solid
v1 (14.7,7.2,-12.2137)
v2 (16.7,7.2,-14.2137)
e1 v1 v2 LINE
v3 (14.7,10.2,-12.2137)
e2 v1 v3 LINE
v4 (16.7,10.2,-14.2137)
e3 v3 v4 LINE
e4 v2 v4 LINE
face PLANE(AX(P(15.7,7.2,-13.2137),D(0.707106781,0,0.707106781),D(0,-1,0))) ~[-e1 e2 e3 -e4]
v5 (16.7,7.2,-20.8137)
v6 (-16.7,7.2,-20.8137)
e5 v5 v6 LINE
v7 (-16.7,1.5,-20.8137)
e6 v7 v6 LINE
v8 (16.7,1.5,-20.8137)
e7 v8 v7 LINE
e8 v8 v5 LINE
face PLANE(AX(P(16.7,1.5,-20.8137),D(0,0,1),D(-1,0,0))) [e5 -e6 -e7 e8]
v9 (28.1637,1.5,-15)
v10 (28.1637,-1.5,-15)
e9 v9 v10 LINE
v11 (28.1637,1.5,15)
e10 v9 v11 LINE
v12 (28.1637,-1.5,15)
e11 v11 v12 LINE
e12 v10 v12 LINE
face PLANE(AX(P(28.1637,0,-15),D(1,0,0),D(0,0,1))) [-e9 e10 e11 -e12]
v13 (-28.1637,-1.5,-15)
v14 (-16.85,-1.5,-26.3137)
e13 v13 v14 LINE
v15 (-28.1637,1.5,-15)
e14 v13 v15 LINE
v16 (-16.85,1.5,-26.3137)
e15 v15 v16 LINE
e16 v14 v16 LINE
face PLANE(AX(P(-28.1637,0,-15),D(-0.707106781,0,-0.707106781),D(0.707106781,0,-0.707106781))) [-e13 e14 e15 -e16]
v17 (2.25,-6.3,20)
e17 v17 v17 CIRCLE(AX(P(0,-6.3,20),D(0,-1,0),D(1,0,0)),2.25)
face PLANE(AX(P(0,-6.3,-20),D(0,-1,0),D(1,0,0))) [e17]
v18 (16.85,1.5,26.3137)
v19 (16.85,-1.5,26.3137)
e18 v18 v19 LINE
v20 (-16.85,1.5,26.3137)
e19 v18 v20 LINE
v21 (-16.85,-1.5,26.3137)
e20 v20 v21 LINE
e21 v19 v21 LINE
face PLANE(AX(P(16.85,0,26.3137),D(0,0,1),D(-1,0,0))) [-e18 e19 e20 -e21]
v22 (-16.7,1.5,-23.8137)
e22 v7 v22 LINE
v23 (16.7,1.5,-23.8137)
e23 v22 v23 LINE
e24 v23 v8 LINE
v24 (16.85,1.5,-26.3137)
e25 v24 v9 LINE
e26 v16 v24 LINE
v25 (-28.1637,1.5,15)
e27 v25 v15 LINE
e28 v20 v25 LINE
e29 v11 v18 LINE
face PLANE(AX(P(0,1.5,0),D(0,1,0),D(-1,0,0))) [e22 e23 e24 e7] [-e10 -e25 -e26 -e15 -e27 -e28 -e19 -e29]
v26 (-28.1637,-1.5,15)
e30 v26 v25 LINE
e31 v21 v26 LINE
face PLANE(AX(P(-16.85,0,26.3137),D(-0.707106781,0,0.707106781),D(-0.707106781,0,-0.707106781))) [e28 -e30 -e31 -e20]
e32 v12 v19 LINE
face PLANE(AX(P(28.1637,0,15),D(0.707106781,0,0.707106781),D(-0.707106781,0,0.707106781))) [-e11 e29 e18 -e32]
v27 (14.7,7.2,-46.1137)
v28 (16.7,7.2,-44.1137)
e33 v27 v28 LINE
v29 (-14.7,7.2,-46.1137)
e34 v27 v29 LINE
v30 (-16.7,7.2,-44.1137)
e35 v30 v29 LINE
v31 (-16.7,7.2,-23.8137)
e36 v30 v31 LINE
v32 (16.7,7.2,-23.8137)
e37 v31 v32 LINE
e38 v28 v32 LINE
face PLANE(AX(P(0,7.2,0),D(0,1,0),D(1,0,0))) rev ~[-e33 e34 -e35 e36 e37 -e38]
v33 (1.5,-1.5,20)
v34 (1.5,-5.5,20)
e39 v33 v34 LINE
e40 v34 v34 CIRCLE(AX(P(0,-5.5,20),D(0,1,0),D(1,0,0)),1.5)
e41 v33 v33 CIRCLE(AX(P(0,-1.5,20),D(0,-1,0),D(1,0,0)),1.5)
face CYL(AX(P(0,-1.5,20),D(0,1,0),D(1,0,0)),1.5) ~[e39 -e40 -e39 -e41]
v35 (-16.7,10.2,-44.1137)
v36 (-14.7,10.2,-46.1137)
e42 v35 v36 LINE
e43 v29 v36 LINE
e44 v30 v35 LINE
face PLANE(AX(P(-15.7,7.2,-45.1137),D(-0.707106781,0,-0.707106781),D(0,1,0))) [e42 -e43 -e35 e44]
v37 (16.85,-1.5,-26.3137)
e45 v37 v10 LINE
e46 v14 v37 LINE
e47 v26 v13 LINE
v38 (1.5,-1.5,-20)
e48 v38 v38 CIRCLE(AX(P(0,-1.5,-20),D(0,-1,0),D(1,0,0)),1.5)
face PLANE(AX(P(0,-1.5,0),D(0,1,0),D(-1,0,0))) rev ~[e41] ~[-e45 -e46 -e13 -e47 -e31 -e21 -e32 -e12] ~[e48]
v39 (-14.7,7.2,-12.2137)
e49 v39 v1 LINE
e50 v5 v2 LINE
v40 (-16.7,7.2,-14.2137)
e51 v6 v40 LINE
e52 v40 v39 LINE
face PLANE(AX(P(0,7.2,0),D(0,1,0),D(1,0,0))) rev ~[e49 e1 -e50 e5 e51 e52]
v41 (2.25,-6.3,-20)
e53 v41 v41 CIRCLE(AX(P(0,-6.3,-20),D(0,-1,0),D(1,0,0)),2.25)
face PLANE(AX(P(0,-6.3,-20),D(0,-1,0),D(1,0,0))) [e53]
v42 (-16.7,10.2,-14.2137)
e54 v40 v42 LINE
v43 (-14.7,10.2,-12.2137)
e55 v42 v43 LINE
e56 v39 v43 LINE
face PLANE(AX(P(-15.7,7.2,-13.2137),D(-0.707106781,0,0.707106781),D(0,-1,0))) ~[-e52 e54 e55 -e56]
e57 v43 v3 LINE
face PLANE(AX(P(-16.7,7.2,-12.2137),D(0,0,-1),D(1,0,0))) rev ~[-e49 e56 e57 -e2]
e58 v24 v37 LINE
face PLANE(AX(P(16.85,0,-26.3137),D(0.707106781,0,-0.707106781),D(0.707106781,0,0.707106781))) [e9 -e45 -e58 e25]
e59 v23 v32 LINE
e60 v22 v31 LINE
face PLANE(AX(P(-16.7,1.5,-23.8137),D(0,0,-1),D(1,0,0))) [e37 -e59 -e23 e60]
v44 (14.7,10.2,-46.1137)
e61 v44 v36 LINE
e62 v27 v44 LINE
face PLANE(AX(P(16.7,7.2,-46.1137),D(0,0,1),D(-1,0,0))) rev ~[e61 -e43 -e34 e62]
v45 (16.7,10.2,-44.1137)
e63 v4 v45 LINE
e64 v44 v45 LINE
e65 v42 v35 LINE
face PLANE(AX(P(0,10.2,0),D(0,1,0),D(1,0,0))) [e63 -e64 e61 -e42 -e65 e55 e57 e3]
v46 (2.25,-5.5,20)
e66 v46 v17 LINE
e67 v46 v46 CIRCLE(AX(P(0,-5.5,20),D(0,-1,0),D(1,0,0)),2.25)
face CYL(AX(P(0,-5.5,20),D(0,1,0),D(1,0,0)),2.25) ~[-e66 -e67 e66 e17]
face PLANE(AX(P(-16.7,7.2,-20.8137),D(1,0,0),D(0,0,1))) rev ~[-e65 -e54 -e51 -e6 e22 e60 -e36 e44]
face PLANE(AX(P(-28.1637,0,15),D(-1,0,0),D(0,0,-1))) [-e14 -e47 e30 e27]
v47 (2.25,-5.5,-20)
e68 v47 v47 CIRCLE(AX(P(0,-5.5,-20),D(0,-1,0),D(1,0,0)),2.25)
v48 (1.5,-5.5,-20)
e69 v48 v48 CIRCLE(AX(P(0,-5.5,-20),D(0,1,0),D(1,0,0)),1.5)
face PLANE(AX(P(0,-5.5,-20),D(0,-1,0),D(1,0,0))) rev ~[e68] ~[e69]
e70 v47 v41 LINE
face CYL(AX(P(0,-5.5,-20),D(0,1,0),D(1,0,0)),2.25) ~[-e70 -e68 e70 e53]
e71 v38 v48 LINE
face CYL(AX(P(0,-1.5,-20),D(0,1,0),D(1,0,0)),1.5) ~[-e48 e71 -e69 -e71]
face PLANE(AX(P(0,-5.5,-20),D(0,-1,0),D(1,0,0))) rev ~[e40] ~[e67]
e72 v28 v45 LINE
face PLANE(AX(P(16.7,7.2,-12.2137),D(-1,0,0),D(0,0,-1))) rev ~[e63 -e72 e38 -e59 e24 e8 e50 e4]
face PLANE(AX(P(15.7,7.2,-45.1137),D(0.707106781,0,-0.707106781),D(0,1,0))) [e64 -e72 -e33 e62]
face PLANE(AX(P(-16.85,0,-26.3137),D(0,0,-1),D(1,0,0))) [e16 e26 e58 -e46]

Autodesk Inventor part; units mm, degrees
ref_plane "YZ Plane" through (0, 0, 0) normal (1, 0, 0) x (0, 1, 0)
ref_plane "XZ Plane" through (0, 0, 0) normal (0, 1, 0) x (-1, 0, 0)
ref_plane "XY Plane" through (0, 0, 0) normal (0, 0, 1) x (1, 0, 0)
sketch "Sketch1" plane through (0, 0, 0) normal (0, 1, 0) x (-1, 0, 0)
  line L0 (16.85, -26.3137) -> (-16.85, -26.3137)
  line L1 (-16.85, -26.3137) -> (-28.1637, -15)
  line L2 (-28.1637, -15) -> (-28.1637, 15)
  line L3 (-28.1637, 15) -> (-16.85, 26.3137)
  line L4 (-16.85, 26.3137) -> (16.85, 26.3137)
  line L5 (16.85, 26.3137) -> (28.1637, 15)
  line L6 (28.1637, 15) -> (28.1637, -15)
  line L7 (28.1637, -15) -> (16.85, -26.3137)
  point P0 (0, 0)
  point P1 (0, -26.3137)
  point P2 (28.1637, 0)
  point P3 (-28.1637, 0)
  point P4 (0, 26.3137)
  dimension "d2" = 30
  dimension "d6" = 16
  dimension "d7" = 16
  dimension "d9" = 16
  dimension "d10" = 16
  dimension "d11" = 135
  dimension "d12" = 135
  dimension "d13" = 135
  dimension "d14" = 135
  dimension "d15" = 30
  dimension "d16" = 33.7
  dimension "d17" = 33.7
extrude "Extrusion1" add sketch "Sketch1" along normal mid plane 3
sketch "Sketch2" plane through (0, 1.5, 0) normal (0, 1, 0) x (1, 0, 0)
  line L0 (-16.7, 23.8137) -> (16.7, 23.8137)
  line L1 (16.7, 23.8137) -> (16.7, 20.8137)
  line L2 (16.7, 20.8137) -> (-16.7, 20.8137)
  line L3 (-16.7, 20.8137) -> (-16.7, 23.8137)
  line L4 (16.85, 26.3137) -> (-16.85, 26.3137) projected
  point P0 (0, 0)
  point P1 (0, 23.8137)
  point P2 (0, 26.3137)
  dimension "d20" = 33.4
  dimension "d21" = 3
  dimension "d22" = 2.5
extrude "Extrusion2" add sketch "Sketch2" along normal blind 5.7
sketch "Sketch4" plane through (0, 7.2, 0) normal (0, 1, 0) x (1, 0, 0)
  line L0 (-16.7, 12.2137) -> (16.7, 12.2137)
  line L1 (16.7, 12.2137) -> (16.7, 46.1137)
  line L2 (16.7, 46.1137) -> (-16.7, 46.1137)
  line L3 (-16.7, 46.1137) -> (-16.7, 12.2137)
  line L4 (-16.7, 23.8137) -> (-16.7, 20.8137) projected
  line L5 (16.7, 20.8137) -> (16.7, 23.8137) projected
  line L6 (-16.7, 20.8137) -> (16.7, 20.8137) projected
  line L7 (16.7, 23.8137) -> (-16.7, 23.8137) projected
  point P0 (0, 0)
  dimension "d25" = 8.6
  dimension "d26" = 22.3
extrude "Extrusion3" add sketch "Sketch4" along normal blind 3
chamfer "Chamfer1" distance 2 angle 45 4 edges at (-16.7, 8.7, -46.1137) (16.7, 8.7, -46.1137) (-16.7, 8.7, -12.2137) (16.7, 8.7, -12.2137)
sketch "Sketch5" plane through (0, -1.5, 0) normal (0, -1, 0) x (1, 0, 0)
  circle A0 centre (0, -20) radius 1.5
  circle A1 centre (0, 20) radius 1.5
  line L0 (-28.1637, -15) -> (-28.1637, 15) projected
  line L1 (-28.1637, 18.5) -> (28.1637, 18.5)
  line L2 (28.1637, -15) -> (28.1637, 15) projected
  line L3 (-28.1637, -18.5) -> (28.1637, -18.5)
  line L4 (-28.1637, 21.5) -> (28.1637, 21.5)
  line L5 (-28.1637, -21.5) -> (28.1637, -21.5)
  point P0 (0, 0)
  dimension "d34" = 3
  dimension "d35" = 3
  dimension "d42" = 43
  dimension "d43" = 21.5
  dimension "d44" = 37
  dimension "d45" = 18.5
extrude "Extrusion4" add sketch "Sketch5" along normal blind 4
sketch "Sketch6" plane through (0, -5.5, -20) normal (0, -1, 0) x (1, 0, 0)
  circle A0 centre (0, 0) radius 1.5 projected
  circle A1 centre (0, 0) radius 2.25
  circle A2 centre (0, 40) radius 1.5 projected
  circle A3 centre (0, 40) radius 2.25
  point P0 (0, 20)
  dimension "d38" = 4.5
  dimension "d39" = 4.5
extrude "Extrusion5" add sketch "Sketch6" along normal blind 0.8 contours A0 | A1 | A2 | A3
equation "\"d2\" = d0"
equation "\"d35\" = d34"
equation "\"d43\" = 0.5 * d42"
equation "\"d45\" = 0.5 * d44"
equation "\"d39\" = d38"
equation "\"d0\" = 30"
properties part number "Maker-Bot-Raspberry-Pi-Holder"
